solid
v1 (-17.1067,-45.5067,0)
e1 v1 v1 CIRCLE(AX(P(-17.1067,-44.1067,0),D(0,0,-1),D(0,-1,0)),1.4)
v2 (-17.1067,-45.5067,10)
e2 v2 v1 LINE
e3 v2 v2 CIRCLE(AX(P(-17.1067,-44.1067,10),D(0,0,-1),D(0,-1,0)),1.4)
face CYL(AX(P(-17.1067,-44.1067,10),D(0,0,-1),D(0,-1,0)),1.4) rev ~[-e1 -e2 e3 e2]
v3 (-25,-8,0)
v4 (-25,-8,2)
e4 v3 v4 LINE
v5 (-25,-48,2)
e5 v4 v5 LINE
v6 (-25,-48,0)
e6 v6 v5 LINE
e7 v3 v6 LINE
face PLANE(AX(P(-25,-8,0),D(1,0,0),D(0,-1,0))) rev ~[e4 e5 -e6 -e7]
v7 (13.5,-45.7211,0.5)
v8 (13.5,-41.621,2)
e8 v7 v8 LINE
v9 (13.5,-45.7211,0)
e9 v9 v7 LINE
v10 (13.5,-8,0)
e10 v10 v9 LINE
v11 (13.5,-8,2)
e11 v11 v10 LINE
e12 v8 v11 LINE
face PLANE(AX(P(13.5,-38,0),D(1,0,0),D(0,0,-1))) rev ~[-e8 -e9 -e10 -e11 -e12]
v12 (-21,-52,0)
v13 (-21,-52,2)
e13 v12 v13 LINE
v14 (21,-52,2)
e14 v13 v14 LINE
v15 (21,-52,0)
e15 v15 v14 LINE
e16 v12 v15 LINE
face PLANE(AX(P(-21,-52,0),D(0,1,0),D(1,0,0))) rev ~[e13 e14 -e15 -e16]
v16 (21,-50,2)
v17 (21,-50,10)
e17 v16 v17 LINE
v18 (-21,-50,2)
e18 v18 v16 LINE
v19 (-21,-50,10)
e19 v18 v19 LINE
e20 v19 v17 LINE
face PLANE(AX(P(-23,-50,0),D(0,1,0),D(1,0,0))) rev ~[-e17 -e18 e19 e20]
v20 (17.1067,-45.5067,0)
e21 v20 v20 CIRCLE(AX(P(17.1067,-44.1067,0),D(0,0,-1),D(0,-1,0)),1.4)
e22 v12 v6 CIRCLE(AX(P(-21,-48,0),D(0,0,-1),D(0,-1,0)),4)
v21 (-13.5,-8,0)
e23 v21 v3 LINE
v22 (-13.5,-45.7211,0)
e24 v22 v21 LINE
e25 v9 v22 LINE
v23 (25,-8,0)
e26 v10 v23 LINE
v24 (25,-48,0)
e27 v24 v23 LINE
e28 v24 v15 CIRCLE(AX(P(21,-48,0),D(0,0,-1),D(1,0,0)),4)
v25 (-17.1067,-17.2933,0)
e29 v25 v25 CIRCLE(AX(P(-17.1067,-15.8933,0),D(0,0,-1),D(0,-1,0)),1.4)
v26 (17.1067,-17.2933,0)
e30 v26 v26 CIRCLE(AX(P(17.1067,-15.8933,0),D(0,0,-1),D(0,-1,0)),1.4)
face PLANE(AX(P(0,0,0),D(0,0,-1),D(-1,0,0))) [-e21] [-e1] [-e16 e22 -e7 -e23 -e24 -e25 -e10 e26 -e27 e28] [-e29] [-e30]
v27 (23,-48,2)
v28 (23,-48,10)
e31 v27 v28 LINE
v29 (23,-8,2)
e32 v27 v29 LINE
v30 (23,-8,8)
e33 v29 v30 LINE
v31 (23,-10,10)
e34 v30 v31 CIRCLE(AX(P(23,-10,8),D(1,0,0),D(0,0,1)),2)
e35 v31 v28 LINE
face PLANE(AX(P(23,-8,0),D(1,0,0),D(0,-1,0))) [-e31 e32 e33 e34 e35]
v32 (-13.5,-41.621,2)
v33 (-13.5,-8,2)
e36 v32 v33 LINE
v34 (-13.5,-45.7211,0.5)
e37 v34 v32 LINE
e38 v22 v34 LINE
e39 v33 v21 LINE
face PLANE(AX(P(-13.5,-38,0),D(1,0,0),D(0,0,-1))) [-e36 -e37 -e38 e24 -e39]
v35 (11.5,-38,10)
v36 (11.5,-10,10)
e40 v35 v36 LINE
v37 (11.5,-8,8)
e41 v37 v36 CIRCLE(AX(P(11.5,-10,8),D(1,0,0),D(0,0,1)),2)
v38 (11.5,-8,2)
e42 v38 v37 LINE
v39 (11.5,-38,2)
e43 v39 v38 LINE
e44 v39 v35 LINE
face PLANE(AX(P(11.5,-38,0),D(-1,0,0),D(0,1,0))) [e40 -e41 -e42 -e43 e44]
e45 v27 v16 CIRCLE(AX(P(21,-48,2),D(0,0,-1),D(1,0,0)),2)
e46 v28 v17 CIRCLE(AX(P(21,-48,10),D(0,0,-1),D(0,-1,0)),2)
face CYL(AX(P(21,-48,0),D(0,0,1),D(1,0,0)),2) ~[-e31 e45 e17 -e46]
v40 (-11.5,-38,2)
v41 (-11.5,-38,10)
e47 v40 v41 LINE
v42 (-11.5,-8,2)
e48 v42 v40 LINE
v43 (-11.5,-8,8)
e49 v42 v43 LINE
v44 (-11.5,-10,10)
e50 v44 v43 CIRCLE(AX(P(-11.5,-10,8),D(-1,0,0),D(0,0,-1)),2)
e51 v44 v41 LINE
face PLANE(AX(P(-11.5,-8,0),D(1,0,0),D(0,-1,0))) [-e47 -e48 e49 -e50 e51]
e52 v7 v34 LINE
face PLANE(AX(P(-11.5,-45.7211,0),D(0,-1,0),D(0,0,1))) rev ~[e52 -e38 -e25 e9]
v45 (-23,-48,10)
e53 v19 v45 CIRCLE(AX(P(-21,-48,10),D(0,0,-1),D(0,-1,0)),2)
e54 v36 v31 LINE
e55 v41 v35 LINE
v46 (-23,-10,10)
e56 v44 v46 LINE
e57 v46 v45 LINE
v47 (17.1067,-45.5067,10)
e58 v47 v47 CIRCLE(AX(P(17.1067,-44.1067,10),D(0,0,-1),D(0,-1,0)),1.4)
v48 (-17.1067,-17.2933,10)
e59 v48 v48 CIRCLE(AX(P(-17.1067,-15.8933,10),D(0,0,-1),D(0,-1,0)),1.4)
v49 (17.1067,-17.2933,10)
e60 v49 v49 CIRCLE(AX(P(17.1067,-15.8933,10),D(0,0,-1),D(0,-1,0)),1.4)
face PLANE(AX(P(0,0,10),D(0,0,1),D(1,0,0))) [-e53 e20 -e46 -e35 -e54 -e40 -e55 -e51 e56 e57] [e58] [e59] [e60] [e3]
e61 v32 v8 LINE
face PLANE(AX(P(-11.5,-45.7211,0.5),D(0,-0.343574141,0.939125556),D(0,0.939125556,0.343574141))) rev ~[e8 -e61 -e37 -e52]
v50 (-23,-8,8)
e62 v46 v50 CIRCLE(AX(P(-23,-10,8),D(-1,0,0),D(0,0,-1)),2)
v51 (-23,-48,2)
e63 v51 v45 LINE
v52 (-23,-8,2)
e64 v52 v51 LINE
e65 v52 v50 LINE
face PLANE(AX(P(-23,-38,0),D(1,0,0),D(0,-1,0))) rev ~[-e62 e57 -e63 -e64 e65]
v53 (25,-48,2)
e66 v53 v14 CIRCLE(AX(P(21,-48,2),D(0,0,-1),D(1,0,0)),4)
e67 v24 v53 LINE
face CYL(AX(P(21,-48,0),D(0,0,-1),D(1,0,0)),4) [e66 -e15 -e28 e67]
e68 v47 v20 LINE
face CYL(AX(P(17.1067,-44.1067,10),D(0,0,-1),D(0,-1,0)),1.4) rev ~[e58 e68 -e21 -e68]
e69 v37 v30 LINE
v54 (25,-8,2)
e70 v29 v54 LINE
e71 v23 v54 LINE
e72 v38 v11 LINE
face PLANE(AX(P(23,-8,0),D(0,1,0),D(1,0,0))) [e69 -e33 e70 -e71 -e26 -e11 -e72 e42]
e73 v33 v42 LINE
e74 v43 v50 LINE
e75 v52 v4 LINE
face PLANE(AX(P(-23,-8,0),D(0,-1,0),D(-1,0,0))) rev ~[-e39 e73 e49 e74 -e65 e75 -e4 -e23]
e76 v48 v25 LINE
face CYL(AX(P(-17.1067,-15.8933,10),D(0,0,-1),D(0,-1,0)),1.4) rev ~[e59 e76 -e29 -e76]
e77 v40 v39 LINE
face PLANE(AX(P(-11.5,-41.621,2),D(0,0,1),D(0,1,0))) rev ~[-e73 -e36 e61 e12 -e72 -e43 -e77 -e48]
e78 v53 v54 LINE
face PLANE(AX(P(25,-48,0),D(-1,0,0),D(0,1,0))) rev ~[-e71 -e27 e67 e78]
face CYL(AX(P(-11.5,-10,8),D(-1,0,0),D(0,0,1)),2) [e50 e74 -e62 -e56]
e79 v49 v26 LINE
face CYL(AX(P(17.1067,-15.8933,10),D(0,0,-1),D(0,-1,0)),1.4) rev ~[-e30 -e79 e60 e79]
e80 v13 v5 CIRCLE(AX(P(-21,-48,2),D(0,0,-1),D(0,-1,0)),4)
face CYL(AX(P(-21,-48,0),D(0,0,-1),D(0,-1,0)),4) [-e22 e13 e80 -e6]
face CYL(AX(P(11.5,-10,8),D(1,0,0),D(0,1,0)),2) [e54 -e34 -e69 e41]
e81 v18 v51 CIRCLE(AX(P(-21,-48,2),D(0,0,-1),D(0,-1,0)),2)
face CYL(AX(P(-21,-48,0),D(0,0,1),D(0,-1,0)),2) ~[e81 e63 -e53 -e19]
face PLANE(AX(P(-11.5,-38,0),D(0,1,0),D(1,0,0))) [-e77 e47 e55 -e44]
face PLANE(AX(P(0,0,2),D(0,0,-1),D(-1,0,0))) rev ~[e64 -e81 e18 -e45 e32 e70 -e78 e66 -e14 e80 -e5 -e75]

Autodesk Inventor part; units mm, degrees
ref_plane "YZ Plane" through (0, 0, 0) normal (1, 0, 0) x (0, 1, 0)
ref_plane "XZ Plane" through (0, 0, 0) normal (0, 1, 0) x (-1, 0, 0)
ref_plane "XY Plane" through (0, 0, 0) normal (0, 0, 1) x (1, 0, 0)
sketch "Skizze1" plane through (0, 0, 0) normal (0, 0, 1) x (1, 0, 0)
  line L0 (11.5, 38) -> (-11.5, 38)
  line L1 (-11.5, 38) -> (-11.5, -38)
  line L2 (-11.5, -38) -> (11.5, -38)
  line L3 (11.5, -38) -> (11.5, 38)
  line L4 (11.5, 38) -> (-11.5, -38) construction
  line L5 (-11.5, 38) -> (11.5, -38) construction
  line L6 (-23, -50) -> (23, -50)
  line L7 (23, -50) -> (23, -38)
  line L8 (23, -38) -> (-23, -38)
  line L9 (-23, -38) -> (-23, -50)
  line L10 (-23, -50) -> (23, -38) construction
  line L11 (23, -50) -> (-23, -38) construction
  line L12 (-23, -38) -> (-11.5, -38)
  line L13 (-11.5, -38) -> (-11.5, -8)
  line L14 (-11.5, -8) -> (-23, -8)
  line L15 (-23, -8) -> (-23, -38)
  line L16 (23, -38) -> (11.5, -38)
  line L17 (11.5, -38) -> (11.5, -8)
  line L18 (11.5, -8) -> (23, -8)
  line L19 (23, -8) -> (23, -38)
  point P0 (0, 0)
  point P1 (0, -44)
  point P2 (0, -38)
  dimension "d0" = 23
  dimension "d1" = 76
  dimension "d2" = 12
  dimension "d3" = 30
  dimension "d4" = 30
  dimension "d5" = 46
extrude "Extrusion1" add sketch "Skizze1" along normal blind 10 contours L18 L19 L8 L3 | L1 L8 L15 L14 | L8 L7 L6 L9 L2
sketch "Skizze2" plane through (-11.5, -38, 0) normal (1, 0, 0) x (0, 0, -1)
  line L0 (0, 30) -> (0, -12) projected
  line L1 (0, -7.7211) -> (-0.5, -7.7211)
  line L2 (-0.5, -7.7211) -> (-2, -3.621)
  line L3 (-2, -3.621) -> (-2, 30)
  line L4 (-2, 30) -> (0, 30)
  line L5 (0, 0) -> (0, 30) projected
  point P0 (0, 38)
  point P1 (0, 5.0638)
  dimension "d8" = 0.5
  dimension "d15" = 2
extrude "Extrusion2" cut sketch "Skizze2" along normal blind 25 and the other way blind 2
sketch "Skizze3" plane through (-23, -50, 0) normal (-1, 0, 0) x (0, 0, 1)
  line L0 (0, 42) -> (0, 0) projected
  line L1 (0, 0) -> (10, 0) projected
  line L2 (10, 42) -> (10, 0) projected
  line L3 (0, 42) -> (10, 42) projected
  circle A0 centre (6.7241, 56.1881) radius 1.5
  point P0 (0, 50)
  dimension "d11" = 3
extrude "Extrusion3" cut sketch "Skizze3" against normal through all contours A0
fillet "Rundung1" radius 2 4 edges at (17.25, -8, 10) (-17.25, -8, 10) (-23, -50, 5) (23, -50, 5)
sketch "Skizze4" plane through (0, 0, 0) normal (0, 0, -1) x (-1, 0, 0)
  arc A0 (-23, -48) -> (-21, -50) centre (-21, -48) ccw projected
  line L0 (21, -50) -> (-21, -50) projected
  arc A1 (21, -50) -> (23, -48) centre (21, -48) ccw projected
  line L1 (23, -8) -> (23, -48) projected
  line L2 (13.5, -8) -> (23, -8) projected
  line L3 (13.5, -8) -> (13.5, -45.7211) projected
  line L4 (13.5, -45.7211) -> (-13.5, -45.7211) projected
  line L5 (-13.5, -45.7211) -> (-13.5, -8) projected
  line L6 (-23, -8) -> (-13.5, -8) projected
  line L7 (-23, -48) -> (-23, -8) projected
  line L8 (-25, -6) -> (-11.5, -6)
  line L9 (-11.5, -6) -> (-11.5, -43.7211)
  line L10 (-11.5, -43.7211) -> (11.5, -43.7211)
  line L11 (11.5, -43.7211) -> (11.5, -6)
  line L12 (11.5, -6) -> (25, -6)
  line L13 (25, -6) -> (25, -48)
  arc A2 (21, -52) -> (25, -48) centre (21, -48) ccw
  line L14 (21, -52) -> (-21, -52)
  arc A3 (-25, -48) -> (-21, -52) centre (-21, -48) ccw
  line L15 (-25, -48) -> (-25, -6)
  line L16 (-23, -8) -> (-25, -8)
  line L17 (23, -8) -> (25, -8)
  point P0 (0, 0)
  dimension "d18" = 2
extrude "Extrusion4" add sketch "Skizze4" against normal blind 2 contours A0 L0 A1 L1 L17 L13 A2 L14 A3 L15 L16 L7
sketch "Skizze5" plane through (0, 0, 10) normal (0, 0, 1) x (1, 0, 0)
  arc A0 (21, -50) -> (23, -48) centre (21, -48) ccw projected
  line L0 (23, -48) -> (23, -10) projected
  line L1 (11.5, -10) -> (23, -10) projected
  line L2 (11.5, -10) -> (11.5, -38) projected
  line L3 (11.5, -38) -> (-11.5, -38) projected
  line L4 (-11.5, -38) -> (-11.5, -10) projected
  line L5 (-23, -10) -> (-11.5, -10) projected
  line L6 (-23, -10) -> (-23, -48) projected
  arc A1 (-23, -48) -> (-21, -50) centre (-21, -48) ccw projected
  line L7 (-21, -50) -> (21, -50) projected
  line L8 (-17.1067, -44.1067) -> (-17.1067, -15.8933)
  line L9 (-17.1067, -15.8933) -> (-17.3933, -15.8933)
  line L10 (-17.3933, -15.8933) -> (-17.3933, -43.8933)
  line L11 (-17.3933, -43.8933) -> (17.3933, -43.8933)
  line L12 (17.3933, -43.8933) -> (17.3933, -15.8933)
  line L13 (17.3933, -15.8933) -> (17.1067, -15.8933)
  line L14 (17.1067, -15.8933) -> (17.1067, -44.1067)
  line L15 (17.1067, -44.1067) -> (-17.1067, -44.1067)
  point P0 (0, 0)
hole "Bohrung1" at (-17.1067, -44.1067, 10) at (17.1067, -44.1067, 10) at (17.1067, -15.8933, 10) at (-17.1067, -15.8933, 10) direction (0, 0, -1) diameter 2.8 depth 12 tip angle 118
properties part number "Anglerfish_coverslipclamp_top_short"
